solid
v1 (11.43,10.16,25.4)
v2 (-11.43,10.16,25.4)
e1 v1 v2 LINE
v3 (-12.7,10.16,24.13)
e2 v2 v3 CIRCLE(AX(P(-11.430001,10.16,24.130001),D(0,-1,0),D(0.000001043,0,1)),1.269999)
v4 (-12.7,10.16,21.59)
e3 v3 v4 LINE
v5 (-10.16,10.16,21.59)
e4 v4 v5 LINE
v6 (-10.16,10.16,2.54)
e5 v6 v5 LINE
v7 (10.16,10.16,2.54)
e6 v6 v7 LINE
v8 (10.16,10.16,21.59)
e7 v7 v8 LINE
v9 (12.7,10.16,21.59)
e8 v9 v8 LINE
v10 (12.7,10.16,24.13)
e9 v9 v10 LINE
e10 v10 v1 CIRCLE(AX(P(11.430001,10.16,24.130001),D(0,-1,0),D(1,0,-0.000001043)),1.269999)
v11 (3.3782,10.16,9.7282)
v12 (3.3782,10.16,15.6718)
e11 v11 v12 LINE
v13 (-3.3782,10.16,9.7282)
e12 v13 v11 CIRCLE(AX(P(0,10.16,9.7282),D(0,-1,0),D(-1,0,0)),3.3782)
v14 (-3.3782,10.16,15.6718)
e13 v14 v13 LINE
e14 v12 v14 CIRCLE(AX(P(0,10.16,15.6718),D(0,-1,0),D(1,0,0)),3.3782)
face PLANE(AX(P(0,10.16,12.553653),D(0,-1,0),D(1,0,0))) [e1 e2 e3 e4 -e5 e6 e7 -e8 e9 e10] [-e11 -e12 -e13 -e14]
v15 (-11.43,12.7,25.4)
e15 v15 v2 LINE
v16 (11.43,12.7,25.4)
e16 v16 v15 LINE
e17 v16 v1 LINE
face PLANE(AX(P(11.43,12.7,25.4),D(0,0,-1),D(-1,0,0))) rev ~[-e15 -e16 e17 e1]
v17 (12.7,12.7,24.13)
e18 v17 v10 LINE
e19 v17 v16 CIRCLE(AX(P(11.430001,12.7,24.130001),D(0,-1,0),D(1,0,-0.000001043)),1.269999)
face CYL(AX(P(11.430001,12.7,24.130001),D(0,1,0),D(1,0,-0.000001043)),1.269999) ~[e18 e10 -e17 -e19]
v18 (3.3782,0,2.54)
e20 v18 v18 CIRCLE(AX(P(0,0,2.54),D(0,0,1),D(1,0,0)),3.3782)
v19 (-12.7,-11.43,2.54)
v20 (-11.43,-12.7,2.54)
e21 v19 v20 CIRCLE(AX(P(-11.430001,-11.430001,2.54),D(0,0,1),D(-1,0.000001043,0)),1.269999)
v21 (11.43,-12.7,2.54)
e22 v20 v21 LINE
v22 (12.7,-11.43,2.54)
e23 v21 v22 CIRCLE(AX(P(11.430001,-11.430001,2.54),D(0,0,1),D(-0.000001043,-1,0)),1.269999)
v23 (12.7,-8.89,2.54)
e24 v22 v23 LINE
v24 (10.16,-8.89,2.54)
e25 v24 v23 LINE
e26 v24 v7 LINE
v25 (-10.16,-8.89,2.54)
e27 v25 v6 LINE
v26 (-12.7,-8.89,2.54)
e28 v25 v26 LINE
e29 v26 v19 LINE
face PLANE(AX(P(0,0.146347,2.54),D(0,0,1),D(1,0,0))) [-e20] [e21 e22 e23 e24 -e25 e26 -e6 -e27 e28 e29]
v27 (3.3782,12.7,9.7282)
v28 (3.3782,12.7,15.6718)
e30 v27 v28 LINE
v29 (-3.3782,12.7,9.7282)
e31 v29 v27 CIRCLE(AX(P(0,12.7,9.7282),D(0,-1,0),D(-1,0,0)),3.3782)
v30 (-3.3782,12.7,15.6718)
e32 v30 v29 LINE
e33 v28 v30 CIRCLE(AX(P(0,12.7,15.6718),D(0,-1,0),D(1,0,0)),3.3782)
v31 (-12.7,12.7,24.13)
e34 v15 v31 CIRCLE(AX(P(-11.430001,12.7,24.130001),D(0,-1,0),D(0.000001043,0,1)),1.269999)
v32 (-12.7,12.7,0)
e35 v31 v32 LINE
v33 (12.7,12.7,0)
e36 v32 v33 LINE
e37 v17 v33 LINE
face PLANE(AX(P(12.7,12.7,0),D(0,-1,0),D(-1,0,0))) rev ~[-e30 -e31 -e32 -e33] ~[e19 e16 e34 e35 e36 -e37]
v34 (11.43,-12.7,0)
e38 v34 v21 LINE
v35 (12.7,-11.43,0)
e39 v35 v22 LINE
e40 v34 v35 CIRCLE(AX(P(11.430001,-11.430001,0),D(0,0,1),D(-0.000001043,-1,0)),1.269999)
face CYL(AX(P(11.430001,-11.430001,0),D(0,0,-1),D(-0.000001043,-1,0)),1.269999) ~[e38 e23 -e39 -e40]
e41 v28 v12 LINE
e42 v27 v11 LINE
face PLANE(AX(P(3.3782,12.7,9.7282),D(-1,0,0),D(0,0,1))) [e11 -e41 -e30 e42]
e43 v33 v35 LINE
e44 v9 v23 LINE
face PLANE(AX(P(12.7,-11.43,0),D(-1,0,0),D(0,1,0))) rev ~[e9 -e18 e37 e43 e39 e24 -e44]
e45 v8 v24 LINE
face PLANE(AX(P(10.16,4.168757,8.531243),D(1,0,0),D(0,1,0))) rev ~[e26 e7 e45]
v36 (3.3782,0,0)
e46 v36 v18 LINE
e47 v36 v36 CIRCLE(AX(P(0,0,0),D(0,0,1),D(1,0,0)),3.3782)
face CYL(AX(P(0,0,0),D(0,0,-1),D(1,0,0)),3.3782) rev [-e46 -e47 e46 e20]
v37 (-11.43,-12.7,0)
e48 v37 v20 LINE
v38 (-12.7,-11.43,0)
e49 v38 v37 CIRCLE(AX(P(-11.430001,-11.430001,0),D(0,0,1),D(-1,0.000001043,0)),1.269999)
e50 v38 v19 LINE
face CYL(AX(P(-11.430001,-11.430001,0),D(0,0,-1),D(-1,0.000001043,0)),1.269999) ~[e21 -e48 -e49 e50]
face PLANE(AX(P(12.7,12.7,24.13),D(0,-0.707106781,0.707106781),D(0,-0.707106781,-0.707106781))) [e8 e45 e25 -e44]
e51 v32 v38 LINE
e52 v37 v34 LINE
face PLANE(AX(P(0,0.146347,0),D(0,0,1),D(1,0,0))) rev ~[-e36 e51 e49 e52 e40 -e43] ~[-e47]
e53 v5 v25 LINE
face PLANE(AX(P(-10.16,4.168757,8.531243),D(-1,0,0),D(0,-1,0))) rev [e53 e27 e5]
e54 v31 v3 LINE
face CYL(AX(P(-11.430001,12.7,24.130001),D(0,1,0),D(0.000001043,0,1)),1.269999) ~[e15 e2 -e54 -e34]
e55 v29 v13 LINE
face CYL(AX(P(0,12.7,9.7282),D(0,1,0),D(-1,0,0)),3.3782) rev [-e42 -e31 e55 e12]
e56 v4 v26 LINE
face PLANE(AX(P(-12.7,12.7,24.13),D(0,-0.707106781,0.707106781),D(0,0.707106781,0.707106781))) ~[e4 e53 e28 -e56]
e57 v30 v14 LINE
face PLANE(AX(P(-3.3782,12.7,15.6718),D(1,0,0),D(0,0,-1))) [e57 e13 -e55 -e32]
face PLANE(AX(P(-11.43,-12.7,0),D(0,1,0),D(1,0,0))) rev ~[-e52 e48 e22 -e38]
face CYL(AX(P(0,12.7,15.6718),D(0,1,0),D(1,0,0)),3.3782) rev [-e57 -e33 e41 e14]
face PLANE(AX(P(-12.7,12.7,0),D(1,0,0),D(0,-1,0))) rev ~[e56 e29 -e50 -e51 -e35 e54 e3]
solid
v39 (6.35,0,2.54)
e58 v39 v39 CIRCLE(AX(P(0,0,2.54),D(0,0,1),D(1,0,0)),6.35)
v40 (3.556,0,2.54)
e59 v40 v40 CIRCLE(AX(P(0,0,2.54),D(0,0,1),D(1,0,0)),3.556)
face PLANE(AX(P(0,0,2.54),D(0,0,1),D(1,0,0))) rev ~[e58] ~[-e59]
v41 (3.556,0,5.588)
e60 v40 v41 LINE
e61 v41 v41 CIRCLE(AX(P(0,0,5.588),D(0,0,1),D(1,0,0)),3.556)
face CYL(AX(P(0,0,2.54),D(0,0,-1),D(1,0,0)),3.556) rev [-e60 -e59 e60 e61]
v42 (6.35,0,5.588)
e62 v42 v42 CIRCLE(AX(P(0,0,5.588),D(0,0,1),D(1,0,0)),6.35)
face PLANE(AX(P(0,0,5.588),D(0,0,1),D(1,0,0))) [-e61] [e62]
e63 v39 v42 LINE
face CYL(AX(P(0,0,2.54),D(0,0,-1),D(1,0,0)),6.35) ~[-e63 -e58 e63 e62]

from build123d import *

# Parameters (mm, degrees)
SKETCH_R      = 3.3782
PAD_DEPTH     = 2.54
PAD001_DEPTH  = 2.54
PAD002_DEPTH  = 2.54
SKETCH003_R   = 6.35
SKETCH003_R_2 = 3.556
PAD003_DEPTH  = 3.048


with BuildPart() as bracket:
    # Sketch → Pad (new body)
    with BuildSketch(Plane.XY):
        with BuildLine():
            Line((-12.7, 12.7), (-12.7, -11.43))
            ThreePointArc((-12.7, -11.43), (-12.328026, -12.328026), (-11.43, -12.7))
            Line((-11.43, -12.7), (11.43, -12.7))
            ThreePointArc((11.43, -12.7), (12.328026, -12.328026), (12.7, -11.43))
            Line((12.7, -11.43), (12.7, 12.7))
            Line((12.7, 12.7), (-12.7, 12.7))
        make_face()
        Circle(SKETCH_R, mode=Mode.SUBTRACT)
    extrude(amount=PAD_DEPTH)

    # Sketch001 → Pad001 (join)
    with BuildSketch(Plane.XZ.offset(-12.7)):
        with BuildLine():
            Line((-12.7, 0), (12.7, 0))
            Line((12.7, 0), (12.7, 24.13))
            ThreePointArc((12.7, 24.13), (12.328026, 25.028026), (11.43, 25.4))
            Line((11.43, 25.4), (-11.43, 25.4))
            ThreePointArc((-11.43, 25.4), (-12.328026, 25.028026), (-12.7, 24.13))
            Line((-12.7, 24.13), (-12.7, 0))
        make_face()
        with BuildLine():
            Line((-3.3782, 15.6718), (-3.3782, 9.7282))
            ThreePointArc((-3.3782, 9.7282), (0, 6.35), (3.3782, 9.7282))
            Line((3.3782, 9.7282), (3.3782, 15.6718))
            ThreePointArc((3.3782, 15.6718), (0, 19.05), (-3.3782, 15.6718))
        make_face(mode=Mode.SUBTRACT)
    extrude(amount=PAD001_DEPTH)

    # Sketch002 → Pad002 (join)
    with BuildSketch(Plane.YZ.offset(12.7)):
        Polygon((12.7, 0), (12.7, 24.13), (-11.43, 0), align=None)
    pad002 = extrude(amount=-PAD002_DEPTH)

    # Mirrored: Pad002 across YZ
    add(pad002.mirror(Plane.YZ))


with BuildPart() as spacer:
    # Sketch003 → Pad003 (new body)
    with BuildSketch(Plane.XY.offset(2.54)):
        Circle(SKETCH003_R)
        Circle(SKETCH003_R_2, mode=Mode.SUBTRACT)
    extrude(amount=PAD003_DEPTH)


solid = Compound([bracket.part, spacer.part])
